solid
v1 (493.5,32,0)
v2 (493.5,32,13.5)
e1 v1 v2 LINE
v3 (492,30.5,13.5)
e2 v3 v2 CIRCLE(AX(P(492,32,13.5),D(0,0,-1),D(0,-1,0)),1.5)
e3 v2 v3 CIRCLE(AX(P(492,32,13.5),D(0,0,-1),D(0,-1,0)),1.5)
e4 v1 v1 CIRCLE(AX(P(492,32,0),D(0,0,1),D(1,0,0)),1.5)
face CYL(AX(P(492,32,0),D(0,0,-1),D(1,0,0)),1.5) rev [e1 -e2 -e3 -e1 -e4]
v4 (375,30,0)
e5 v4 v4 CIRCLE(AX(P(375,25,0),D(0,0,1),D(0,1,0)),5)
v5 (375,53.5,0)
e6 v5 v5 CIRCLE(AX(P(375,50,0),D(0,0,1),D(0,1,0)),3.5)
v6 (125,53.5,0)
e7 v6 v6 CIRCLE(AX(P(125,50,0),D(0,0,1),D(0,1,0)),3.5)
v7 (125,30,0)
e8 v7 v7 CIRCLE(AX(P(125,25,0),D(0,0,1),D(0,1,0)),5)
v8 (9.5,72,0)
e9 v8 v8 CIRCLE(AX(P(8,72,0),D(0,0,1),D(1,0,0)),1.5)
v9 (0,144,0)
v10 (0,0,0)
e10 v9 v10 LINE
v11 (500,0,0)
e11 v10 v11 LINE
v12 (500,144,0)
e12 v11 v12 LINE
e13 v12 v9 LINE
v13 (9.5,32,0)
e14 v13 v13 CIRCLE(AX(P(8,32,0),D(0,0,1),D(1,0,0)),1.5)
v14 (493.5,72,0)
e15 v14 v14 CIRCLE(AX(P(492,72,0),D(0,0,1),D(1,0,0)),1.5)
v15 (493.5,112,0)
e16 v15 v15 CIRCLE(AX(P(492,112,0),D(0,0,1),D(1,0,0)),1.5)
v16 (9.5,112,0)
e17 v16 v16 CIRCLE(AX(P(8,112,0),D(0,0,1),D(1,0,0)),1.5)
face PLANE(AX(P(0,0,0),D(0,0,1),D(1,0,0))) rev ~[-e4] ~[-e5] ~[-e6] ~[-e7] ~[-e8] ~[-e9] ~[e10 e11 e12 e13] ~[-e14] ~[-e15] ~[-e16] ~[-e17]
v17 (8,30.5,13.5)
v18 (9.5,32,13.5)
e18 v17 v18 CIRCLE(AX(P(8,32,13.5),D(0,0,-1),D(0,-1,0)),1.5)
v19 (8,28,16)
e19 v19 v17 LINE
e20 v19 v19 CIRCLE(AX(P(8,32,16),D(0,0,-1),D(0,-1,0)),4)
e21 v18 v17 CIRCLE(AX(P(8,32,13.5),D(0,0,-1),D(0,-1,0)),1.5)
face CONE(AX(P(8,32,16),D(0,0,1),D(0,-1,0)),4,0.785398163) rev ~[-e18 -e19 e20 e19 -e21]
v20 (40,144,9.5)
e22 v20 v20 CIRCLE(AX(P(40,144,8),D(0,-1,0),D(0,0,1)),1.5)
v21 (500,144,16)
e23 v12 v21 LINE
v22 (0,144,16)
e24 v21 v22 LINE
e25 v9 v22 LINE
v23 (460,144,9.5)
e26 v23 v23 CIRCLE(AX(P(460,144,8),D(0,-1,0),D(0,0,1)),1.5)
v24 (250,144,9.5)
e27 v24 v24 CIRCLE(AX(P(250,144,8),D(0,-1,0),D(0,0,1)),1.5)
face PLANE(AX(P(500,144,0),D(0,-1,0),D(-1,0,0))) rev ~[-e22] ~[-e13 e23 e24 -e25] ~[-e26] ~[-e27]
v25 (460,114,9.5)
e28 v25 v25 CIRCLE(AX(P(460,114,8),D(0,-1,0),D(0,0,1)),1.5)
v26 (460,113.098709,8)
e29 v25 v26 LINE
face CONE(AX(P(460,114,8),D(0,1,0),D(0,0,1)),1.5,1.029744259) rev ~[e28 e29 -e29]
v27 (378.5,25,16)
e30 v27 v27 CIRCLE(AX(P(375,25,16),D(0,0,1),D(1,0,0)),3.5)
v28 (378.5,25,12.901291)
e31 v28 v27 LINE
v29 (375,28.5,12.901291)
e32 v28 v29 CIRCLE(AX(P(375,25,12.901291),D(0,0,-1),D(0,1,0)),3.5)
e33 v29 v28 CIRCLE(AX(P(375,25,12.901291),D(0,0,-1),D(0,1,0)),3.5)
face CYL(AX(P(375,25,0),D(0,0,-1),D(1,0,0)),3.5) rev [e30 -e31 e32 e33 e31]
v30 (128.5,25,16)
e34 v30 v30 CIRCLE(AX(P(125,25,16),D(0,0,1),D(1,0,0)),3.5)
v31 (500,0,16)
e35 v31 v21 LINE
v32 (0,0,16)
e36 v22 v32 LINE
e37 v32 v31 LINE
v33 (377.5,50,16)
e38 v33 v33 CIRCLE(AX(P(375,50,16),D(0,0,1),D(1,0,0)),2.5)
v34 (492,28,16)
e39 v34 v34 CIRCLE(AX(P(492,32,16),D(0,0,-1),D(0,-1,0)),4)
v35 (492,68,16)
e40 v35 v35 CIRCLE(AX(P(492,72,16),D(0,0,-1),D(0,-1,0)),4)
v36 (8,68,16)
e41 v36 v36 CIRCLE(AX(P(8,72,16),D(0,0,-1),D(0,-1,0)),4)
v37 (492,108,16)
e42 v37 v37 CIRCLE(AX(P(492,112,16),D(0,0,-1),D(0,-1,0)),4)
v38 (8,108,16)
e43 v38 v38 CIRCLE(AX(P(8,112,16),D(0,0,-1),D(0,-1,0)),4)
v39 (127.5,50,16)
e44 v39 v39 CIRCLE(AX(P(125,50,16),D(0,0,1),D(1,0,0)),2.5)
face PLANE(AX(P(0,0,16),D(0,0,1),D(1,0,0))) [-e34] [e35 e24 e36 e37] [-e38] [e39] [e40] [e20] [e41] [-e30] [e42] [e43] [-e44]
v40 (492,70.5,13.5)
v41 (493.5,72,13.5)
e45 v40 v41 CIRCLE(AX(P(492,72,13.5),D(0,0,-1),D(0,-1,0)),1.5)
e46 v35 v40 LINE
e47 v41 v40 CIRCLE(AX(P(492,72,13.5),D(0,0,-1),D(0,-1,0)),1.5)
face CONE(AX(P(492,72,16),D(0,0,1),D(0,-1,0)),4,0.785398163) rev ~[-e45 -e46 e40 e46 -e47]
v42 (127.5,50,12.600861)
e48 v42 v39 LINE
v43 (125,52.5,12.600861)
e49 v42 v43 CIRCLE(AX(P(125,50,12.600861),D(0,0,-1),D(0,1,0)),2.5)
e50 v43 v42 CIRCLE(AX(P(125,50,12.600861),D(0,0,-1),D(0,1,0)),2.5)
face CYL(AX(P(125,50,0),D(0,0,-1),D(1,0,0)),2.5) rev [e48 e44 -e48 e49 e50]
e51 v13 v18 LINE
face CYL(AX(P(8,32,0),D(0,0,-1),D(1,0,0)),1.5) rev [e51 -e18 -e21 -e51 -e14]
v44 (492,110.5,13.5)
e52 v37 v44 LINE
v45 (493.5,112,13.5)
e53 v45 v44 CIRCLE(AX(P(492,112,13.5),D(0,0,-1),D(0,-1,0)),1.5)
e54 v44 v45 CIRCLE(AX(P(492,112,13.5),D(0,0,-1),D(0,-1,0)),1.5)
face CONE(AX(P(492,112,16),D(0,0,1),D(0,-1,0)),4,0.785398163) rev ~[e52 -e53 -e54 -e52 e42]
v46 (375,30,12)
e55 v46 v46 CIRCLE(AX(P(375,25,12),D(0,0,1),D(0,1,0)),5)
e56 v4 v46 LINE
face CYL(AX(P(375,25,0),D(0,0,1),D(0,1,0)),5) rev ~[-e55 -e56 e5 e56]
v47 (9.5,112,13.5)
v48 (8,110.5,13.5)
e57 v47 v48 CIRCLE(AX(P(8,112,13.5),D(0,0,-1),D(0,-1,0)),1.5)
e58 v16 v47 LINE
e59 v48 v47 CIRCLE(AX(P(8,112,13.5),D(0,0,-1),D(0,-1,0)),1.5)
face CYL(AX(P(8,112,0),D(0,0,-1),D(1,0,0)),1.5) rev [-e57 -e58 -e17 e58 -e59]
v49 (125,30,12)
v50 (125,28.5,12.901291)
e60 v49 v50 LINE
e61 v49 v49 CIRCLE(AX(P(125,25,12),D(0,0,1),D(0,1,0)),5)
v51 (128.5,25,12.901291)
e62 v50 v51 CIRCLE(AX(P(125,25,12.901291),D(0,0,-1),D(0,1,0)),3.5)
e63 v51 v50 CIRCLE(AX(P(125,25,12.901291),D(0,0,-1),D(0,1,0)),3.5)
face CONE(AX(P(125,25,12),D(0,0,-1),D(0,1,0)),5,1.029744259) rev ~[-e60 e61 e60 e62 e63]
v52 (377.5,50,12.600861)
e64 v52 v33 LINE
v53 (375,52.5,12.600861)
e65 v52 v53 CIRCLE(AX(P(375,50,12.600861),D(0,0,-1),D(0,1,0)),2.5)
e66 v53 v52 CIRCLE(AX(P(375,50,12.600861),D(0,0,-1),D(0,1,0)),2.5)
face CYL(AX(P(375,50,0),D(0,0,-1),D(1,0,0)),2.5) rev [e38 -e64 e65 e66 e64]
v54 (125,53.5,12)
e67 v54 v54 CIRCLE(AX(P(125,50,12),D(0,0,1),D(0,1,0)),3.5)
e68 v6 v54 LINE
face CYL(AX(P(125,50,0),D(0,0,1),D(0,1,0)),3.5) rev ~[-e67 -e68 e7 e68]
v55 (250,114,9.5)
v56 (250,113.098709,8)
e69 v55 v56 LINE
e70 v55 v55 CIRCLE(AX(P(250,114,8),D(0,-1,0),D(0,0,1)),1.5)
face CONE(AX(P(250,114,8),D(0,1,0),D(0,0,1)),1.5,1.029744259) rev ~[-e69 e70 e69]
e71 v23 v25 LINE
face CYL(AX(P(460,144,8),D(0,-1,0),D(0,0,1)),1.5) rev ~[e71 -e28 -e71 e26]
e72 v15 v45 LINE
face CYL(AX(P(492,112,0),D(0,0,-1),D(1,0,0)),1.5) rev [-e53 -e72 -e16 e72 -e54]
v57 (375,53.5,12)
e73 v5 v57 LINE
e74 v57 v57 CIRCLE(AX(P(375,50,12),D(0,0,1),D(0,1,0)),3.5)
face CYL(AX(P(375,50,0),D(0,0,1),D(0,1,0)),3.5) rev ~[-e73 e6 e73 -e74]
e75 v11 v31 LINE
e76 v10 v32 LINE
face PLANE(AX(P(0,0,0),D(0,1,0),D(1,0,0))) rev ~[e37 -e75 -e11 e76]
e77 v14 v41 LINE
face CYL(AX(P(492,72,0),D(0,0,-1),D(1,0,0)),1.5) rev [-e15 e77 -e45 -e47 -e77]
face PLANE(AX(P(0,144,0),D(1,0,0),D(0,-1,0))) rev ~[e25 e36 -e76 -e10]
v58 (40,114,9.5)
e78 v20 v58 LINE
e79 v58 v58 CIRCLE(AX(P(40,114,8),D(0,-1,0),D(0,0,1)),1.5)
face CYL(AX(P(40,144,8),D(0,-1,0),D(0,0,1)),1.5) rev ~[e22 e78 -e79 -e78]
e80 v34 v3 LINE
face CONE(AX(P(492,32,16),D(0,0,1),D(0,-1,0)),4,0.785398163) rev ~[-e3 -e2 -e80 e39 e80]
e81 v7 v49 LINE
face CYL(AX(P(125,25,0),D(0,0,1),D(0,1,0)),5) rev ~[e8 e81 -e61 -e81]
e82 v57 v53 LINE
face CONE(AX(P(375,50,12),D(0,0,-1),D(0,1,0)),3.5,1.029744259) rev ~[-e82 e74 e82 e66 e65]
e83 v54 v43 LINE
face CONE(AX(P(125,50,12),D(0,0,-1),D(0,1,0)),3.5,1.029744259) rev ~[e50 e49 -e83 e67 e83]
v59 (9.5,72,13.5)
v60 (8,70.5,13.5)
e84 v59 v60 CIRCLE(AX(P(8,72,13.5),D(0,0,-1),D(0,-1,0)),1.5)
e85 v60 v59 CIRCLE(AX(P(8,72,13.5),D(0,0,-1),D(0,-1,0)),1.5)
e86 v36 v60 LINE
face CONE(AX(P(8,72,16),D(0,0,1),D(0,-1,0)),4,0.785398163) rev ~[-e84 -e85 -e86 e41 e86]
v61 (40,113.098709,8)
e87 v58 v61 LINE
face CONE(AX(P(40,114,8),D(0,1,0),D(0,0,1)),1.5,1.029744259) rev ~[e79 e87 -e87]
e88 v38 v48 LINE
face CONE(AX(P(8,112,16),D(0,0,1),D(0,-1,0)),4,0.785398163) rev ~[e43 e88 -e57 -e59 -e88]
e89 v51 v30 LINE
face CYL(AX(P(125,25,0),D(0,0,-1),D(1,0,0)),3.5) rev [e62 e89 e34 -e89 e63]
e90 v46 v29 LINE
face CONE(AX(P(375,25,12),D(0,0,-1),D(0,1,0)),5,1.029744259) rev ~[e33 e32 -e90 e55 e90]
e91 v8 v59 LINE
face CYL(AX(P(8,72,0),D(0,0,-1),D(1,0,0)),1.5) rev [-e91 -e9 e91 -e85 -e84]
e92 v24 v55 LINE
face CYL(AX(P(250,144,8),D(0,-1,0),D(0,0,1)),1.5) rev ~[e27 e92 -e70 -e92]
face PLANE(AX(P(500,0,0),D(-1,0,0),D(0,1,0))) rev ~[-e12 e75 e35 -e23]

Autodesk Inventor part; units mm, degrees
ref_plane "YZ Plane" through (0, 0, 0) normal (1, 0, 0) x (0, 1, 0)
ref_plane "XZ Plane" through (0, 0, 0) normal (0, 1, 0) x (-1, 0, 0)
ref_plane "XY Plane" through (0, 0, 0) normal (0, 0, 1) x (1, 0, 0)
sketch "Skizze1" plane through (0, 0, 0) normal (0, 0, 1) x (1, 0, 0)
  line L0 (0, 0) -> (500, 0)
  line L1 (500, 0) -> (500, 144)
  line L2 (500, 144) -> (0, 144)
  line L3 (0, 144) -> (0, 0)
  line L4 (0, 25) -> (500, 25) construction
  line L5 (0, 50) -> (500, 50) construction
  line L6 (250, 0) -> (250, 144) construction
  line L7 (125, 0) -> (125, 144) construction
  line L8 (375, 144) -> (375, 0) construction
  circle A0 centre (125, 50) radius 2.5
  circle A1 centre (375, 50) radius 2.5
  circle A2 centre (375, 25) radius 3.5
  circle A3 centre (125, 25) radius 3.5
  line L9 (492, 144) -> (492, 0) construction
  line L10 (500, 112) -> (0, 112) construction
  line L11 (500, 32) -> (0, 32) construction
  circle A4 centre (492, 112) radius 1.5
  circle A5 centre (492, 32) radius 1.5
  line L12 (8, 144) -> (8, 0) construction
  circle A6 centre (8, 112) radius 1.5
  circle A7 centre (8, 72) radius 1.5
  circle A8 centre (8, 32) radius 1.5
  circle A9 centre (492, 72) radius 1.5
  point P0 (-875, 50)
  point P1 (-875, 25)
  point P2 (500, 72)
  dimension "d0" = 500
  dimension "d1" = 144
  dimension "d2" = 25
  dimension "d3" = 50
  dimension "d4" = 125
  dimension "d5" = 125
  dimension "d9" = 5
  dimension "d10" = 5
  dimension "d13" = 7
  dimension "d14" = 7
  dimension "d20" = 8
  dimension "d21" = 40
  dimension "d22" = 40
  dimension "d23" = 3
  dimension "d24" = 3
  dimension "d25" = 8
  dimension "d26" = 3
  dimension "d27" = 3
  dimension "d28" = 3
  dimension "d29" = 3
extrude "Extrusion1" add sketch "Skizze1" along normal blind 16
hole "Bohrung1" at (375, 25, 0) at (125, 25, 0) at (-875, 25, 0) direction (0, 0, 1) diameter 10 depth 12 tip angle 118
hole "Bohrung4" at (375, 50, 0) at (125, 50, 0) direction (0, 0, 1) diameter 7 depth 12 tip angle 118
sketch "Skizze2" plane through (0, 0, 16) normal (0, 0, 1) x (1, 0, 0)
  circle A0 centre (250, 72) radius 1.5 projected
  circle A1 centre (492, 112) radius 1.5 projected
  circle A2 centre (492, 72) radius 1.5 projected
  circle A3 centre (492, 32) radius 1.5 projected
  circle A4 centre (8, 72) radius 1.5 projected
  circle A5 centre (8, 112) radius 1.5 projected
  circle A6 centre (8, 32) radius 1.5 projected
  circle A7 centre (250, 32) radius 1.5 projected
  circle A8 centre (250, 112) radius 1.5 projected
  point P0 (0, 0)
hole "Bohrung7" at (492, 112, 16) at (492, 72, 16) at (492, 32, 16) at (8, 72, 16) at (8, 32, 16) at (8, 112, 16) direction (0, 0, -1) diameter 3 depth 8 countersink diameter 8 countersink angle 90
sketch "Skizze3" plane through (0, 144, 0) normal (0, 1, 0) x (1, 0, 0)
  line L0 (500, -16) -> (0, -16) construction
  line L1 (0, -16) -> (0, 0) construction
  line L2 (0, 0) -> (500, 0) construction
  line L3 (500, 0) -> (500, -16) construction
  line L4 (500, -8) -> (0, -8) construction
  line L5 (0, 0) -> (0, -16) construction
  line L6 (0, -16) -> (500, -16) construction
  line L7 (460, -16) -> (460, 0) construction
  line L8 (0, 0) -> (500, 0) construction
  line L9 (40, -16) -> (40, 0) construction
  line L10 (250, -16) -> (250, 0) construction
  point P0 (460, -8)
  point P1 (250, -8)
  point P2 (40, -8)
  dimension "d120" = 40
  dimension "d121" = 40
hole "Bohrung12" at (460, 144, 8) at (250, 144, 8) at (40, 144, 8) direction (0, -1, 0) diameter 3 depth 30 tip angle 118
properties part number "licht_2m"
